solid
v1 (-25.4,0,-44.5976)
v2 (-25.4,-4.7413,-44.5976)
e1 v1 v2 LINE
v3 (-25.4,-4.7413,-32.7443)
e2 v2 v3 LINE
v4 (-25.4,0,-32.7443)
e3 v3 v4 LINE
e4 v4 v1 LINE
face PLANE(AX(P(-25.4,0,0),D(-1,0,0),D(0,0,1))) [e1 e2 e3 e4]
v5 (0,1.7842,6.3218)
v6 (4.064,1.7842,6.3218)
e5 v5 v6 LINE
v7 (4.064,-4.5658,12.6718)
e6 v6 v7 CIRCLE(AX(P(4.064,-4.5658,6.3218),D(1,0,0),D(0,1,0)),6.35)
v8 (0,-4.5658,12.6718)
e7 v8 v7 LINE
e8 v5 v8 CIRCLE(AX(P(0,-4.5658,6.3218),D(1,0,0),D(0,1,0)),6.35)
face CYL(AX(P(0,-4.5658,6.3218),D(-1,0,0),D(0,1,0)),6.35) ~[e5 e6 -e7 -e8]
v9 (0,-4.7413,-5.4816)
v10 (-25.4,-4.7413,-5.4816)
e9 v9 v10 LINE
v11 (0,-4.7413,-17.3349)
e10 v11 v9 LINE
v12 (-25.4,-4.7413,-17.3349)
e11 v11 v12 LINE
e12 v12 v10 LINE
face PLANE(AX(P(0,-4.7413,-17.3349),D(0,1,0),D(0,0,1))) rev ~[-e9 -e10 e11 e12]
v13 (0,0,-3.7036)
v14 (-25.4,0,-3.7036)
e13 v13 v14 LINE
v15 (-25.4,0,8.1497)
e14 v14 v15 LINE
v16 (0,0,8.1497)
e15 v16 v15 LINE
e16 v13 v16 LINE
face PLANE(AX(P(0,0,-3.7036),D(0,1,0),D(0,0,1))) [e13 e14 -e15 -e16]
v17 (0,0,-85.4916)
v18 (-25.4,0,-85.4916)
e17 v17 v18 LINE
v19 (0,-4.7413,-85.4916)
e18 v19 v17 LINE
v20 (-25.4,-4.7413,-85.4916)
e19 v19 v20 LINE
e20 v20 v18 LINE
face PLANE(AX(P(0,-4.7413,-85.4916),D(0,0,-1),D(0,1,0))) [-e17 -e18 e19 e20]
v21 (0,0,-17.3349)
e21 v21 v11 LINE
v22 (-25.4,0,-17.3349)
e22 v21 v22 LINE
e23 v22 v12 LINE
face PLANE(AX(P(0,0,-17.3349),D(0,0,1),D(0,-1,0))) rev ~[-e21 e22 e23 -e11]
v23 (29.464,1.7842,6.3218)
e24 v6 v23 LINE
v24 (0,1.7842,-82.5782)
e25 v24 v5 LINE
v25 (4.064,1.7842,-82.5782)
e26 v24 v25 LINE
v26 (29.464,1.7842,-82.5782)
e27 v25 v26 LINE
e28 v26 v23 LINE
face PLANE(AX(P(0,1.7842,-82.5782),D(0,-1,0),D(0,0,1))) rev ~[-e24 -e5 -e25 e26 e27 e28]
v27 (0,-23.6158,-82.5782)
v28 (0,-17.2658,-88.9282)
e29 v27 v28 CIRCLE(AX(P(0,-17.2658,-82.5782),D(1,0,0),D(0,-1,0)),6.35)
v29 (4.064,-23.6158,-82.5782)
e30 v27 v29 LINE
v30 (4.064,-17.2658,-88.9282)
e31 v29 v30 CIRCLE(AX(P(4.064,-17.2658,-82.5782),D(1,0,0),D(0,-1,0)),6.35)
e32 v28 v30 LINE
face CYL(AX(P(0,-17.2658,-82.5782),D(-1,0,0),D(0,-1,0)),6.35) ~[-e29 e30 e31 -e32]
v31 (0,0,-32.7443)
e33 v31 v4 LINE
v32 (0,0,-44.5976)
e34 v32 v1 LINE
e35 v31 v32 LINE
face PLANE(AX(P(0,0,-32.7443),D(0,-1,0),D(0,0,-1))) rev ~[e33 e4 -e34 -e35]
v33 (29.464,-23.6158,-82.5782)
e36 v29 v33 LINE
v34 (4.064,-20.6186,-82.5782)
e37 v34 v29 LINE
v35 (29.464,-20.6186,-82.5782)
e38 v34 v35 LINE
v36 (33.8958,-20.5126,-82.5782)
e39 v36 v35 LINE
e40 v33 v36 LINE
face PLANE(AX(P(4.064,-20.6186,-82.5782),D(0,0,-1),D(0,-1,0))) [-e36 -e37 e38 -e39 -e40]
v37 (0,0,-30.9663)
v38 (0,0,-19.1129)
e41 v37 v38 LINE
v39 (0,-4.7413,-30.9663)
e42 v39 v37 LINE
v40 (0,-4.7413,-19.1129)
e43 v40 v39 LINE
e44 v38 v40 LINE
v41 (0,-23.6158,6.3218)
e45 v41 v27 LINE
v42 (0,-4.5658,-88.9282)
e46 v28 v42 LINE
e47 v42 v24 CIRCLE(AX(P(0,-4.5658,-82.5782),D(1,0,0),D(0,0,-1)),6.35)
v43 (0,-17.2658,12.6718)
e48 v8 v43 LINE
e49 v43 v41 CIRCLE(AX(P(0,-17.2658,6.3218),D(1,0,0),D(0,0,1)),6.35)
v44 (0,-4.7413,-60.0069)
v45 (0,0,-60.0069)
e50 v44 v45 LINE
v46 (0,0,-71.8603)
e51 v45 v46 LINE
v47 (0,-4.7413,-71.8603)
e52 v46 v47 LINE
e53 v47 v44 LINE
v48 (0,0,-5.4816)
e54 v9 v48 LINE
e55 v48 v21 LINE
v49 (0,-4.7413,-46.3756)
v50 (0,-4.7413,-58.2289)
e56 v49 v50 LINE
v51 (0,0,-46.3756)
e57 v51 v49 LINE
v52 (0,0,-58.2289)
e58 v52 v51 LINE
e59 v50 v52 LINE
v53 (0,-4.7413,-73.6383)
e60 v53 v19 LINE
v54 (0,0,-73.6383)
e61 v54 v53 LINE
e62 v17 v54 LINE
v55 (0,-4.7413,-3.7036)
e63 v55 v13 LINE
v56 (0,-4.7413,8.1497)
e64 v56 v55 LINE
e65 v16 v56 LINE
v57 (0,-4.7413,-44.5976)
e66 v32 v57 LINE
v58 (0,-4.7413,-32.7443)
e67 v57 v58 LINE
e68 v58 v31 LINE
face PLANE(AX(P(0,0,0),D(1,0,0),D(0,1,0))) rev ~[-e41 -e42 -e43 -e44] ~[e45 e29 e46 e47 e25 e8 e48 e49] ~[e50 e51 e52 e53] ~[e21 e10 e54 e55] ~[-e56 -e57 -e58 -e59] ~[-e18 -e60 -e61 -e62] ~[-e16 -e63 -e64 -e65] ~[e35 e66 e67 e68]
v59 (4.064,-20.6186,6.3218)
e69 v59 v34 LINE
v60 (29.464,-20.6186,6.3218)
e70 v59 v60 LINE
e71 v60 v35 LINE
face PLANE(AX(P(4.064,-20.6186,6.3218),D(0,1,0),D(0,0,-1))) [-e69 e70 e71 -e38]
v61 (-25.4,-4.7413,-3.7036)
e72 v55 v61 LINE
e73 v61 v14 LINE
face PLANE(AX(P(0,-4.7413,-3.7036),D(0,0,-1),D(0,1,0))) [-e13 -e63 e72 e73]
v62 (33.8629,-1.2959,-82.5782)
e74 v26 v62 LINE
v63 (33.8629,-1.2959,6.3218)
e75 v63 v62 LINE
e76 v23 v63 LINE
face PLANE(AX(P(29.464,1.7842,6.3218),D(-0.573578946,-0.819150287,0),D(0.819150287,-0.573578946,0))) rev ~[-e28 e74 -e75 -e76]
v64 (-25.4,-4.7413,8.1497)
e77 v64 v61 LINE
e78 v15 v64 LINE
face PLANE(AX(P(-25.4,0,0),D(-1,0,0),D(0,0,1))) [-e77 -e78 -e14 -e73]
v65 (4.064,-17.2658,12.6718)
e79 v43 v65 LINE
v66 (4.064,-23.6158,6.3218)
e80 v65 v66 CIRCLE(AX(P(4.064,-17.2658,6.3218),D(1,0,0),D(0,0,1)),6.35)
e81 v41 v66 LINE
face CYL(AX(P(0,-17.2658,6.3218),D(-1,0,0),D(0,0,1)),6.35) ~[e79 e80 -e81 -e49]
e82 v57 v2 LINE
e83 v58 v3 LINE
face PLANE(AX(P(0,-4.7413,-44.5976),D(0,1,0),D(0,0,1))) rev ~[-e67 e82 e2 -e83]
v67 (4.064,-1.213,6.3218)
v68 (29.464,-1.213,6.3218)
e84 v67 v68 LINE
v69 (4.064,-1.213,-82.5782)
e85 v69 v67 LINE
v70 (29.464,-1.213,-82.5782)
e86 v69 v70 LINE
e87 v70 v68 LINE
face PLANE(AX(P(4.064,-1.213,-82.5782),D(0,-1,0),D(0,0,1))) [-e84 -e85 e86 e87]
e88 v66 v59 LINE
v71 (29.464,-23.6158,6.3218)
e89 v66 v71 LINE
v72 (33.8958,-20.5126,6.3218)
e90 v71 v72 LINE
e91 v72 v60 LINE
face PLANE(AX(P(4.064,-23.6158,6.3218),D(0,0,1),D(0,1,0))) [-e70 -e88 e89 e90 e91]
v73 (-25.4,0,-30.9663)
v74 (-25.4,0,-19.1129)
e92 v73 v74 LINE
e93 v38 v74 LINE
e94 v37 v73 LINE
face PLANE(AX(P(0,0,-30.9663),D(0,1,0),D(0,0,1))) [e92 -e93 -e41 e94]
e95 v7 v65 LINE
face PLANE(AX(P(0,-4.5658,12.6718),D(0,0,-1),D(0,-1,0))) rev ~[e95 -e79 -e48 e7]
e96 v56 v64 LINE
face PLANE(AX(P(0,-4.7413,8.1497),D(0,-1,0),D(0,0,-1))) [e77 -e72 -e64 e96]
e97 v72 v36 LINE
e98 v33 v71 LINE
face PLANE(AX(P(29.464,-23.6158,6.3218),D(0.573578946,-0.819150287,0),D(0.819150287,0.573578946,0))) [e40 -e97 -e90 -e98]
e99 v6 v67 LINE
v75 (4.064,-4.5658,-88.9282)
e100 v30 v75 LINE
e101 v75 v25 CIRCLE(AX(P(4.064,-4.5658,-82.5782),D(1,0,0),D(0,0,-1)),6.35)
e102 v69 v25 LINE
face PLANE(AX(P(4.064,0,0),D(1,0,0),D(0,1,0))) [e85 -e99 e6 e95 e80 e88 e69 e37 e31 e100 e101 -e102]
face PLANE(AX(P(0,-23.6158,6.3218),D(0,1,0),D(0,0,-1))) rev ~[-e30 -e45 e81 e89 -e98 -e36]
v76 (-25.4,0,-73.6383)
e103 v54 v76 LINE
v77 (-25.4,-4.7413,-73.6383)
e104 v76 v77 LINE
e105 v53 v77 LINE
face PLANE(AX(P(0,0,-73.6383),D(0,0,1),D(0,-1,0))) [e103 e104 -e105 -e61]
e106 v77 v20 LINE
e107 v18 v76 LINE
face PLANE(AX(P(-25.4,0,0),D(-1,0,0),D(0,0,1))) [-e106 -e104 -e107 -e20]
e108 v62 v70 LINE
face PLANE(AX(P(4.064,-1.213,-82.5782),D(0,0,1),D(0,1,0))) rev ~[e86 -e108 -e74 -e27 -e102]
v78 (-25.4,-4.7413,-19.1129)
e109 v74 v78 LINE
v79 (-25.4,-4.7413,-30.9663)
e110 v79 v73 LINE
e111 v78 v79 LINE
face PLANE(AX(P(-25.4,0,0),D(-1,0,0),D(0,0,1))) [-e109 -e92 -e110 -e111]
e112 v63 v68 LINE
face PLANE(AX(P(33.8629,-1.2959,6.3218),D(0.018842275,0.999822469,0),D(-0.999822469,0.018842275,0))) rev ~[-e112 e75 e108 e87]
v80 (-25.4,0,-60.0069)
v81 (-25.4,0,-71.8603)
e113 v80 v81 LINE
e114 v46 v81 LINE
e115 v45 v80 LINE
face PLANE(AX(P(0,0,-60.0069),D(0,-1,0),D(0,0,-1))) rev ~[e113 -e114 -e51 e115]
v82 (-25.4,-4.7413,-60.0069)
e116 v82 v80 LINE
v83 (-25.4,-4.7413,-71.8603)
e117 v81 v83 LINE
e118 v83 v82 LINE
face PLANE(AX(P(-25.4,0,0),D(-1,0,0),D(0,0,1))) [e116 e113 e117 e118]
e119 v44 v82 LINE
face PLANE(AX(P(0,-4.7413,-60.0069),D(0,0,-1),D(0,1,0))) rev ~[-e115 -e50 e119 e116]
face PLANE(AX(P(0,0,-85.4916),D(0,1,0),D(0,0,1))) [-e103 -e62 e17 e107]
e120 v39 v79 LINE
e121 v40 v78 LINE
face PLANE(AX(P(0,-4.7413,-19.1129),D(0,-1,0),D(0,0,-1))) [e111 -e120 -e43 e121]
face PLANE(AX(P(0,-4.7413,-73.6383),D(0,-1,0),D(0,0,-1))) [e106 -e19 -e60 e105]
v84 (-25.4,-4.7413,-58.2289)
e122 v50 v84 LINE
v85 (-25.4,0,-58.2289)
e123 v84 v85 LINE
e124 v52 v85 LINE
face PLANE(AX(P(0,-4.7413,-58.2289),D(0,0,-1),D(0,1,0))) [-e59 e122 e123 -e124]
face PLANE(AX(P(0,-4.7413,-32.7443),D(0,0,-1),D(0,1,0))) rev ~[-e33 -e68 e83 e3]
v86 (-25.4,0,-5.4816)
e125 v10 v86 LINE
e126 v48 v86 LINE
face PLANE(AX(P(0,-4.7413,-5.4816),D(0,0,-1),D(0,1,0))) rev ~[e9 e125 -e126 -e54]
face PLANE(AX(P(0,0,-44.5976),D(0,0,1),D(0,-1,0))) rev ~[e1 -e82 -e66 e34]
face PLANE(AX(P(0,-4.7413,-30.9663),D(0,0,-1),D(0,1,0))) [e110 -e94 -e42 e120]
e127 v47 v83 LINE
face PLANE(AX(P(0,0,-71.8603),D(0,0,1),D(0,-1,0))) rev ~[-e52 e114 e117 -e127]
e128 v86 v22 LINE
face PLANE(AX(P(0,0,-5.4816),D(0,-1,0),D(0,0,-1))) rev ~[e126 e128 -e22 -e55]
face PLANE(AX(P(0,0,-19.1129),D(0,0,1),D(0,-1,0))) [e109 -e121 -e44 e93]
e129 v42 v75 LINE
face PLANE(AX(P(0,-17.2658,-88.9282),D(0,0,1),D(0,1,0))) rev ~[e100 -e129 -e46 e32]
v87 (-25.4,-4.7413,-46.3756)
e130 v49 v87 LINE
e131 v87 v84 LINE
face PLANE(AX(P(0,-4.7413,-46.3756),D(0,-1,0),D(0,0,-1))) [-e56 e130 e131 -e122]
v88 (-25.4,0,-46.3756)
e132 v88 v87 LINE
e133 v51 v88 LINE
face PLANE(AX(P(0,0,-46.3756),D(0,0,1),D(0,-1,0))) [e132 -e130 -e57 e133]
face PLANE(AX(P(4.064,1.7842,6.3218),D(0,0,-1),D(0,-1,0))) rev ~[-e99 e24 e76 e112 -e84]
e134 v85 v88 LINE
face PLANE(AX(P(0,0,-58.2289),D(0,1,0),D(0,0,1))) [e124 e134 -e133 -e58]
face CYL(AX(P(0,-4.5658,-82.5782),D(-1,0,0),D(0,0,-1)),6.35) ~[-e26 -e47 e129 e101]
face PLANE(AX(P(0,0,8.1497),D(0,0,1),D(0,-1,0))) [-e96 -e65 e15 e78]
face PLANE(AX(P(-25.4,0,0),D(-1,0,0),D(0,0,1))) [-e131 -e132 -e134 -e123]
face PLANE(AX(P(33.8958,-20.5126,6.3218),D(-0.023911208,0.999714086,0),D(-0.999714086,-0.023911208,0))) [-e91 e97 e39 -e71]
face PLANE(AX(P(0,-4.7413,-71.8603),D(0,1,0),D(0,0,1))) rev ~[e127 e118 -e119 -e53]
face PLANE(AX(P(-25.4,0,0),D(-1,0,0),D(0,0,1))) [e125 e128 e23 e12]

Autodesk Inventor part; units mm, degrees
ref_plane "YZ Plane" through (0, 0, 0) normal (1, 0, 0) x (0, 1, 0)
ref_plane "XZ Plane" through (0, 0, 0) normal (0, 1, 0) x (-1, 0, 0)
ref_plane "XY Plane" through (0, 0, 0) normal (0, 0, 1) x (1, 0, 0)
sketch "Sketch1" plane through (0, 0, 0) normal (1, 0, 0) x (0, 1, 0)
  line L0 (-4.5658, 12.6718) -> (-17.2658, 12.6718)
  line L1 (-23.6158, 6.3218) -> (-23.6158, -82.5782)
  line L2 (-17.2658, -88.9282) -> (-4.5658, -88.9282)
  line L3 (1.7842, -82.5782) -> (1.7842, 6.3218)
  arc A0 (1.7842, 6.3218) -> (-4.5658, 12.6718) centre (-4.5658, 6.3218) ccw
  arc A1 (-17.2658, 12.6718) -> (-23.6158, 6.3218) centre (-17.2658, 6.3218) ccw
  arc A2 (-23.6158, -82.5782) -> (-17.2658, -88.9282) centre (-17.2658, -82.5782) ccw
  arc A3 (-4.5658, -88.9282) -> (1.7842, -82.5782) centre (-4.5658, -82.5782) ccw
  point P0 (0, 0)
  point P1 (1.7842, 12.6718)
  point P2 (-23.6158, -88.9282)
  point P3 (-23.6158, 12.6718)
  point P4 (1.7842, -88.9282)
  dimension "d0" = 25.4
  dimension "d1" = 101.6
  dimension "d4" = 6.35
extrude "Extrusion1" add sketch "Sketch1" along normal blind 4.064
sketch "Sketch2" plane through (4.064, 0, 0) normal (1, 0, 0) x (0, 0, -1)
  arc A0 (82.5782, -23.6158) -> (88.9282, -17.2658) centre (82.5782, -17.2658) ccw projected
  line L0 (-12.6718, -4.5658) -> (-12.6718, -17.2658) projected
  line L1 (82.5782, 1.7842) -> (-6.3218, 1.7842) projected
  line L2 (82.5782, -1.213) -> (-6.3218, -1.213)
  line L3 (-6.3218, -20.6186) -> (82.5782, -20.6186)
  line L4 (-6.3218, -20.6186) -> (82.5782, -20.6186)
  line L5 (82.5782, -20.6186) -> (82.5782, -23.6158)
  line L6 (82.5782, -23.6158) -> (-6.3218, -23.6158)
  line L7 (-6.3218, -23.6158) -> (-6.3218, -20.6186)
  line L8 (-6.3218, -1.213) -> (82.5782, -1.213)
  line L9 (82.5782, -1.213) -> (82.5782, 1.7842)
  line L10 (82.5782, 1.7842) -> (-6.3218, 1.7842)
  line L11 (-6.3218, 1.7842) -> (-6.3218, -1.213)
  point P0 (0, 0)
  dimension "d6" = 19.4056
extrude "Extrusion2" add sketch "Sketch2" along normal blind 25.4
sketch "Sketch3" plane through (4.064, -1.213, 6.3218) normal (0, 0, 1) x (1, 0, 0)
  line L0 (25.4, 2.9972) -> (25.4, 0) projected
  line L1 (25.4, 2.9972) -> (25.4, 0)
  line L2 (25.4, -19.4056) -> (25.4, -22.4028) projected
  line L3 (25.4, -22.4028) -> (29.8318, -19.2996)
  line L4 (25.4, -19.4056) -> (25.4, -22.4028)
  line L5 (0, 2.9972) -> (25.4, 2.9972) projected
  line L6 (25.4, 2.9972) -> (25.4, 0)
  line L7 (25.4, 2.9972) -> (29.8318, -0.106)
  line L8 (29.7989, -0.0829) -> (25.4, 0)
  line L9 (29.8318, -19.2996) -> (25.4, -19.4056)
  point P0 (-4.064, 1.213)
  dimension "d35" = 5.4102
  dimension "d36" = 55
  dimension "d37" = 5.4102
  dimension "d38" = 55
sketch "Sketch4" plane through (0, 0, 0) normal (-1, 0, 0) x (0, 0, 1)
  arc A0 (12.6718, -4.5658) -> (6.3218, 1.7842) centre (6.3218, -4.5658) ccw projected
  line L0 (-5.4816, 0) -> (-17.3349, 0)
  line L1 (-17.3349, 0) -> (-17.3349, -4.7413)
  line L2 (-17.3349, -4.7413) -> (-5.4816, -4.7413)
  line L3 (-5.4816, -4.7413) -> (-5.4816, 0)
  line L4 (-30.9663, 0) -> (-19.1129, 0)
  line L5 (-19.1129, 0) -> (-19.1129, -4.7413)
  line L6 (-19.1129, -4.7413) -> (-30.9663, -4.7413)
  line L7 (-30.9663, -4.7413) -> (-30.9663, 0)
  line L8 (-32.7443, 0) -> (-44.5976, 0)
  line L9 (-44.5976, -4.7413) -> (-32.7443, -4.7413)
  line L10 (-32.7443, -4.7413) -> (-32.7443, 0)
  line L11 (-44.5976, 0) -> (-44.5976, -4.7413)
  arc A1 (-82.5782, 1.7842) -> (-88.9282, -4.5658) centre (-82.5782, -4.5658) ccw projected
  line L12 (-58.2289, -4.7413) -> (-58.2289, 0)
  line L13 (-58.2289, 0) -> (-46.3756, 0)
  line L14 (-46.3756, -4.7413) -> (-58.2289, -4.7413)
  line L15 (-46.3756, 0) -> (-46.3756, -4.7413)
  line L16 (-60.0069, 0) -> (-71.8603, 0)
  line L17 (-71.8603, 0) -> (-71.8603, -4.7413)
  line L18 (-71.8603, -4.7413) -> (-60.0069, -4.7413)
  line L19 (-60.0069, -4.7413) -> (-60.0069, 0)
  line L20 (-85.4916, 0) -> (-73.6383, 0)
  line L21 (-73.6383, 0) -> (-73.6383, -4.7413)
  line L22 (-85.4916, -4.7413) -> (-85.4916, 0)
  line L23 (-73.6383, -4.7413) -> (-85.4916, -4.7413)
  line L24 (-3.7036, 0) -> (8.1497, 0)
  line L25 (8.1497, 0) -> (8.1497, -4.7413)
  line L26 (8.1497, -4.7413) -> (-3.7036, -4.7413)
  line L27 (-3.7036, -4.7413) -> (-3.7036, 0)
  point P0 (0, 0)
  dimension "d47" = 1.778
extrude "Extrusion4" add sketch "Sketch4" along normal blind 25.4
extrude "Extrusion6" add sketch "Sketch3" against normal up to surface (88.9 mm away)
sketch "Sketch8" plane through (0, -23.6158, -82.5782) normal (0, -1, 0) x (1, 0, 0)
  point P0 (0, 82.5782)
properties part number "the whole thing"
